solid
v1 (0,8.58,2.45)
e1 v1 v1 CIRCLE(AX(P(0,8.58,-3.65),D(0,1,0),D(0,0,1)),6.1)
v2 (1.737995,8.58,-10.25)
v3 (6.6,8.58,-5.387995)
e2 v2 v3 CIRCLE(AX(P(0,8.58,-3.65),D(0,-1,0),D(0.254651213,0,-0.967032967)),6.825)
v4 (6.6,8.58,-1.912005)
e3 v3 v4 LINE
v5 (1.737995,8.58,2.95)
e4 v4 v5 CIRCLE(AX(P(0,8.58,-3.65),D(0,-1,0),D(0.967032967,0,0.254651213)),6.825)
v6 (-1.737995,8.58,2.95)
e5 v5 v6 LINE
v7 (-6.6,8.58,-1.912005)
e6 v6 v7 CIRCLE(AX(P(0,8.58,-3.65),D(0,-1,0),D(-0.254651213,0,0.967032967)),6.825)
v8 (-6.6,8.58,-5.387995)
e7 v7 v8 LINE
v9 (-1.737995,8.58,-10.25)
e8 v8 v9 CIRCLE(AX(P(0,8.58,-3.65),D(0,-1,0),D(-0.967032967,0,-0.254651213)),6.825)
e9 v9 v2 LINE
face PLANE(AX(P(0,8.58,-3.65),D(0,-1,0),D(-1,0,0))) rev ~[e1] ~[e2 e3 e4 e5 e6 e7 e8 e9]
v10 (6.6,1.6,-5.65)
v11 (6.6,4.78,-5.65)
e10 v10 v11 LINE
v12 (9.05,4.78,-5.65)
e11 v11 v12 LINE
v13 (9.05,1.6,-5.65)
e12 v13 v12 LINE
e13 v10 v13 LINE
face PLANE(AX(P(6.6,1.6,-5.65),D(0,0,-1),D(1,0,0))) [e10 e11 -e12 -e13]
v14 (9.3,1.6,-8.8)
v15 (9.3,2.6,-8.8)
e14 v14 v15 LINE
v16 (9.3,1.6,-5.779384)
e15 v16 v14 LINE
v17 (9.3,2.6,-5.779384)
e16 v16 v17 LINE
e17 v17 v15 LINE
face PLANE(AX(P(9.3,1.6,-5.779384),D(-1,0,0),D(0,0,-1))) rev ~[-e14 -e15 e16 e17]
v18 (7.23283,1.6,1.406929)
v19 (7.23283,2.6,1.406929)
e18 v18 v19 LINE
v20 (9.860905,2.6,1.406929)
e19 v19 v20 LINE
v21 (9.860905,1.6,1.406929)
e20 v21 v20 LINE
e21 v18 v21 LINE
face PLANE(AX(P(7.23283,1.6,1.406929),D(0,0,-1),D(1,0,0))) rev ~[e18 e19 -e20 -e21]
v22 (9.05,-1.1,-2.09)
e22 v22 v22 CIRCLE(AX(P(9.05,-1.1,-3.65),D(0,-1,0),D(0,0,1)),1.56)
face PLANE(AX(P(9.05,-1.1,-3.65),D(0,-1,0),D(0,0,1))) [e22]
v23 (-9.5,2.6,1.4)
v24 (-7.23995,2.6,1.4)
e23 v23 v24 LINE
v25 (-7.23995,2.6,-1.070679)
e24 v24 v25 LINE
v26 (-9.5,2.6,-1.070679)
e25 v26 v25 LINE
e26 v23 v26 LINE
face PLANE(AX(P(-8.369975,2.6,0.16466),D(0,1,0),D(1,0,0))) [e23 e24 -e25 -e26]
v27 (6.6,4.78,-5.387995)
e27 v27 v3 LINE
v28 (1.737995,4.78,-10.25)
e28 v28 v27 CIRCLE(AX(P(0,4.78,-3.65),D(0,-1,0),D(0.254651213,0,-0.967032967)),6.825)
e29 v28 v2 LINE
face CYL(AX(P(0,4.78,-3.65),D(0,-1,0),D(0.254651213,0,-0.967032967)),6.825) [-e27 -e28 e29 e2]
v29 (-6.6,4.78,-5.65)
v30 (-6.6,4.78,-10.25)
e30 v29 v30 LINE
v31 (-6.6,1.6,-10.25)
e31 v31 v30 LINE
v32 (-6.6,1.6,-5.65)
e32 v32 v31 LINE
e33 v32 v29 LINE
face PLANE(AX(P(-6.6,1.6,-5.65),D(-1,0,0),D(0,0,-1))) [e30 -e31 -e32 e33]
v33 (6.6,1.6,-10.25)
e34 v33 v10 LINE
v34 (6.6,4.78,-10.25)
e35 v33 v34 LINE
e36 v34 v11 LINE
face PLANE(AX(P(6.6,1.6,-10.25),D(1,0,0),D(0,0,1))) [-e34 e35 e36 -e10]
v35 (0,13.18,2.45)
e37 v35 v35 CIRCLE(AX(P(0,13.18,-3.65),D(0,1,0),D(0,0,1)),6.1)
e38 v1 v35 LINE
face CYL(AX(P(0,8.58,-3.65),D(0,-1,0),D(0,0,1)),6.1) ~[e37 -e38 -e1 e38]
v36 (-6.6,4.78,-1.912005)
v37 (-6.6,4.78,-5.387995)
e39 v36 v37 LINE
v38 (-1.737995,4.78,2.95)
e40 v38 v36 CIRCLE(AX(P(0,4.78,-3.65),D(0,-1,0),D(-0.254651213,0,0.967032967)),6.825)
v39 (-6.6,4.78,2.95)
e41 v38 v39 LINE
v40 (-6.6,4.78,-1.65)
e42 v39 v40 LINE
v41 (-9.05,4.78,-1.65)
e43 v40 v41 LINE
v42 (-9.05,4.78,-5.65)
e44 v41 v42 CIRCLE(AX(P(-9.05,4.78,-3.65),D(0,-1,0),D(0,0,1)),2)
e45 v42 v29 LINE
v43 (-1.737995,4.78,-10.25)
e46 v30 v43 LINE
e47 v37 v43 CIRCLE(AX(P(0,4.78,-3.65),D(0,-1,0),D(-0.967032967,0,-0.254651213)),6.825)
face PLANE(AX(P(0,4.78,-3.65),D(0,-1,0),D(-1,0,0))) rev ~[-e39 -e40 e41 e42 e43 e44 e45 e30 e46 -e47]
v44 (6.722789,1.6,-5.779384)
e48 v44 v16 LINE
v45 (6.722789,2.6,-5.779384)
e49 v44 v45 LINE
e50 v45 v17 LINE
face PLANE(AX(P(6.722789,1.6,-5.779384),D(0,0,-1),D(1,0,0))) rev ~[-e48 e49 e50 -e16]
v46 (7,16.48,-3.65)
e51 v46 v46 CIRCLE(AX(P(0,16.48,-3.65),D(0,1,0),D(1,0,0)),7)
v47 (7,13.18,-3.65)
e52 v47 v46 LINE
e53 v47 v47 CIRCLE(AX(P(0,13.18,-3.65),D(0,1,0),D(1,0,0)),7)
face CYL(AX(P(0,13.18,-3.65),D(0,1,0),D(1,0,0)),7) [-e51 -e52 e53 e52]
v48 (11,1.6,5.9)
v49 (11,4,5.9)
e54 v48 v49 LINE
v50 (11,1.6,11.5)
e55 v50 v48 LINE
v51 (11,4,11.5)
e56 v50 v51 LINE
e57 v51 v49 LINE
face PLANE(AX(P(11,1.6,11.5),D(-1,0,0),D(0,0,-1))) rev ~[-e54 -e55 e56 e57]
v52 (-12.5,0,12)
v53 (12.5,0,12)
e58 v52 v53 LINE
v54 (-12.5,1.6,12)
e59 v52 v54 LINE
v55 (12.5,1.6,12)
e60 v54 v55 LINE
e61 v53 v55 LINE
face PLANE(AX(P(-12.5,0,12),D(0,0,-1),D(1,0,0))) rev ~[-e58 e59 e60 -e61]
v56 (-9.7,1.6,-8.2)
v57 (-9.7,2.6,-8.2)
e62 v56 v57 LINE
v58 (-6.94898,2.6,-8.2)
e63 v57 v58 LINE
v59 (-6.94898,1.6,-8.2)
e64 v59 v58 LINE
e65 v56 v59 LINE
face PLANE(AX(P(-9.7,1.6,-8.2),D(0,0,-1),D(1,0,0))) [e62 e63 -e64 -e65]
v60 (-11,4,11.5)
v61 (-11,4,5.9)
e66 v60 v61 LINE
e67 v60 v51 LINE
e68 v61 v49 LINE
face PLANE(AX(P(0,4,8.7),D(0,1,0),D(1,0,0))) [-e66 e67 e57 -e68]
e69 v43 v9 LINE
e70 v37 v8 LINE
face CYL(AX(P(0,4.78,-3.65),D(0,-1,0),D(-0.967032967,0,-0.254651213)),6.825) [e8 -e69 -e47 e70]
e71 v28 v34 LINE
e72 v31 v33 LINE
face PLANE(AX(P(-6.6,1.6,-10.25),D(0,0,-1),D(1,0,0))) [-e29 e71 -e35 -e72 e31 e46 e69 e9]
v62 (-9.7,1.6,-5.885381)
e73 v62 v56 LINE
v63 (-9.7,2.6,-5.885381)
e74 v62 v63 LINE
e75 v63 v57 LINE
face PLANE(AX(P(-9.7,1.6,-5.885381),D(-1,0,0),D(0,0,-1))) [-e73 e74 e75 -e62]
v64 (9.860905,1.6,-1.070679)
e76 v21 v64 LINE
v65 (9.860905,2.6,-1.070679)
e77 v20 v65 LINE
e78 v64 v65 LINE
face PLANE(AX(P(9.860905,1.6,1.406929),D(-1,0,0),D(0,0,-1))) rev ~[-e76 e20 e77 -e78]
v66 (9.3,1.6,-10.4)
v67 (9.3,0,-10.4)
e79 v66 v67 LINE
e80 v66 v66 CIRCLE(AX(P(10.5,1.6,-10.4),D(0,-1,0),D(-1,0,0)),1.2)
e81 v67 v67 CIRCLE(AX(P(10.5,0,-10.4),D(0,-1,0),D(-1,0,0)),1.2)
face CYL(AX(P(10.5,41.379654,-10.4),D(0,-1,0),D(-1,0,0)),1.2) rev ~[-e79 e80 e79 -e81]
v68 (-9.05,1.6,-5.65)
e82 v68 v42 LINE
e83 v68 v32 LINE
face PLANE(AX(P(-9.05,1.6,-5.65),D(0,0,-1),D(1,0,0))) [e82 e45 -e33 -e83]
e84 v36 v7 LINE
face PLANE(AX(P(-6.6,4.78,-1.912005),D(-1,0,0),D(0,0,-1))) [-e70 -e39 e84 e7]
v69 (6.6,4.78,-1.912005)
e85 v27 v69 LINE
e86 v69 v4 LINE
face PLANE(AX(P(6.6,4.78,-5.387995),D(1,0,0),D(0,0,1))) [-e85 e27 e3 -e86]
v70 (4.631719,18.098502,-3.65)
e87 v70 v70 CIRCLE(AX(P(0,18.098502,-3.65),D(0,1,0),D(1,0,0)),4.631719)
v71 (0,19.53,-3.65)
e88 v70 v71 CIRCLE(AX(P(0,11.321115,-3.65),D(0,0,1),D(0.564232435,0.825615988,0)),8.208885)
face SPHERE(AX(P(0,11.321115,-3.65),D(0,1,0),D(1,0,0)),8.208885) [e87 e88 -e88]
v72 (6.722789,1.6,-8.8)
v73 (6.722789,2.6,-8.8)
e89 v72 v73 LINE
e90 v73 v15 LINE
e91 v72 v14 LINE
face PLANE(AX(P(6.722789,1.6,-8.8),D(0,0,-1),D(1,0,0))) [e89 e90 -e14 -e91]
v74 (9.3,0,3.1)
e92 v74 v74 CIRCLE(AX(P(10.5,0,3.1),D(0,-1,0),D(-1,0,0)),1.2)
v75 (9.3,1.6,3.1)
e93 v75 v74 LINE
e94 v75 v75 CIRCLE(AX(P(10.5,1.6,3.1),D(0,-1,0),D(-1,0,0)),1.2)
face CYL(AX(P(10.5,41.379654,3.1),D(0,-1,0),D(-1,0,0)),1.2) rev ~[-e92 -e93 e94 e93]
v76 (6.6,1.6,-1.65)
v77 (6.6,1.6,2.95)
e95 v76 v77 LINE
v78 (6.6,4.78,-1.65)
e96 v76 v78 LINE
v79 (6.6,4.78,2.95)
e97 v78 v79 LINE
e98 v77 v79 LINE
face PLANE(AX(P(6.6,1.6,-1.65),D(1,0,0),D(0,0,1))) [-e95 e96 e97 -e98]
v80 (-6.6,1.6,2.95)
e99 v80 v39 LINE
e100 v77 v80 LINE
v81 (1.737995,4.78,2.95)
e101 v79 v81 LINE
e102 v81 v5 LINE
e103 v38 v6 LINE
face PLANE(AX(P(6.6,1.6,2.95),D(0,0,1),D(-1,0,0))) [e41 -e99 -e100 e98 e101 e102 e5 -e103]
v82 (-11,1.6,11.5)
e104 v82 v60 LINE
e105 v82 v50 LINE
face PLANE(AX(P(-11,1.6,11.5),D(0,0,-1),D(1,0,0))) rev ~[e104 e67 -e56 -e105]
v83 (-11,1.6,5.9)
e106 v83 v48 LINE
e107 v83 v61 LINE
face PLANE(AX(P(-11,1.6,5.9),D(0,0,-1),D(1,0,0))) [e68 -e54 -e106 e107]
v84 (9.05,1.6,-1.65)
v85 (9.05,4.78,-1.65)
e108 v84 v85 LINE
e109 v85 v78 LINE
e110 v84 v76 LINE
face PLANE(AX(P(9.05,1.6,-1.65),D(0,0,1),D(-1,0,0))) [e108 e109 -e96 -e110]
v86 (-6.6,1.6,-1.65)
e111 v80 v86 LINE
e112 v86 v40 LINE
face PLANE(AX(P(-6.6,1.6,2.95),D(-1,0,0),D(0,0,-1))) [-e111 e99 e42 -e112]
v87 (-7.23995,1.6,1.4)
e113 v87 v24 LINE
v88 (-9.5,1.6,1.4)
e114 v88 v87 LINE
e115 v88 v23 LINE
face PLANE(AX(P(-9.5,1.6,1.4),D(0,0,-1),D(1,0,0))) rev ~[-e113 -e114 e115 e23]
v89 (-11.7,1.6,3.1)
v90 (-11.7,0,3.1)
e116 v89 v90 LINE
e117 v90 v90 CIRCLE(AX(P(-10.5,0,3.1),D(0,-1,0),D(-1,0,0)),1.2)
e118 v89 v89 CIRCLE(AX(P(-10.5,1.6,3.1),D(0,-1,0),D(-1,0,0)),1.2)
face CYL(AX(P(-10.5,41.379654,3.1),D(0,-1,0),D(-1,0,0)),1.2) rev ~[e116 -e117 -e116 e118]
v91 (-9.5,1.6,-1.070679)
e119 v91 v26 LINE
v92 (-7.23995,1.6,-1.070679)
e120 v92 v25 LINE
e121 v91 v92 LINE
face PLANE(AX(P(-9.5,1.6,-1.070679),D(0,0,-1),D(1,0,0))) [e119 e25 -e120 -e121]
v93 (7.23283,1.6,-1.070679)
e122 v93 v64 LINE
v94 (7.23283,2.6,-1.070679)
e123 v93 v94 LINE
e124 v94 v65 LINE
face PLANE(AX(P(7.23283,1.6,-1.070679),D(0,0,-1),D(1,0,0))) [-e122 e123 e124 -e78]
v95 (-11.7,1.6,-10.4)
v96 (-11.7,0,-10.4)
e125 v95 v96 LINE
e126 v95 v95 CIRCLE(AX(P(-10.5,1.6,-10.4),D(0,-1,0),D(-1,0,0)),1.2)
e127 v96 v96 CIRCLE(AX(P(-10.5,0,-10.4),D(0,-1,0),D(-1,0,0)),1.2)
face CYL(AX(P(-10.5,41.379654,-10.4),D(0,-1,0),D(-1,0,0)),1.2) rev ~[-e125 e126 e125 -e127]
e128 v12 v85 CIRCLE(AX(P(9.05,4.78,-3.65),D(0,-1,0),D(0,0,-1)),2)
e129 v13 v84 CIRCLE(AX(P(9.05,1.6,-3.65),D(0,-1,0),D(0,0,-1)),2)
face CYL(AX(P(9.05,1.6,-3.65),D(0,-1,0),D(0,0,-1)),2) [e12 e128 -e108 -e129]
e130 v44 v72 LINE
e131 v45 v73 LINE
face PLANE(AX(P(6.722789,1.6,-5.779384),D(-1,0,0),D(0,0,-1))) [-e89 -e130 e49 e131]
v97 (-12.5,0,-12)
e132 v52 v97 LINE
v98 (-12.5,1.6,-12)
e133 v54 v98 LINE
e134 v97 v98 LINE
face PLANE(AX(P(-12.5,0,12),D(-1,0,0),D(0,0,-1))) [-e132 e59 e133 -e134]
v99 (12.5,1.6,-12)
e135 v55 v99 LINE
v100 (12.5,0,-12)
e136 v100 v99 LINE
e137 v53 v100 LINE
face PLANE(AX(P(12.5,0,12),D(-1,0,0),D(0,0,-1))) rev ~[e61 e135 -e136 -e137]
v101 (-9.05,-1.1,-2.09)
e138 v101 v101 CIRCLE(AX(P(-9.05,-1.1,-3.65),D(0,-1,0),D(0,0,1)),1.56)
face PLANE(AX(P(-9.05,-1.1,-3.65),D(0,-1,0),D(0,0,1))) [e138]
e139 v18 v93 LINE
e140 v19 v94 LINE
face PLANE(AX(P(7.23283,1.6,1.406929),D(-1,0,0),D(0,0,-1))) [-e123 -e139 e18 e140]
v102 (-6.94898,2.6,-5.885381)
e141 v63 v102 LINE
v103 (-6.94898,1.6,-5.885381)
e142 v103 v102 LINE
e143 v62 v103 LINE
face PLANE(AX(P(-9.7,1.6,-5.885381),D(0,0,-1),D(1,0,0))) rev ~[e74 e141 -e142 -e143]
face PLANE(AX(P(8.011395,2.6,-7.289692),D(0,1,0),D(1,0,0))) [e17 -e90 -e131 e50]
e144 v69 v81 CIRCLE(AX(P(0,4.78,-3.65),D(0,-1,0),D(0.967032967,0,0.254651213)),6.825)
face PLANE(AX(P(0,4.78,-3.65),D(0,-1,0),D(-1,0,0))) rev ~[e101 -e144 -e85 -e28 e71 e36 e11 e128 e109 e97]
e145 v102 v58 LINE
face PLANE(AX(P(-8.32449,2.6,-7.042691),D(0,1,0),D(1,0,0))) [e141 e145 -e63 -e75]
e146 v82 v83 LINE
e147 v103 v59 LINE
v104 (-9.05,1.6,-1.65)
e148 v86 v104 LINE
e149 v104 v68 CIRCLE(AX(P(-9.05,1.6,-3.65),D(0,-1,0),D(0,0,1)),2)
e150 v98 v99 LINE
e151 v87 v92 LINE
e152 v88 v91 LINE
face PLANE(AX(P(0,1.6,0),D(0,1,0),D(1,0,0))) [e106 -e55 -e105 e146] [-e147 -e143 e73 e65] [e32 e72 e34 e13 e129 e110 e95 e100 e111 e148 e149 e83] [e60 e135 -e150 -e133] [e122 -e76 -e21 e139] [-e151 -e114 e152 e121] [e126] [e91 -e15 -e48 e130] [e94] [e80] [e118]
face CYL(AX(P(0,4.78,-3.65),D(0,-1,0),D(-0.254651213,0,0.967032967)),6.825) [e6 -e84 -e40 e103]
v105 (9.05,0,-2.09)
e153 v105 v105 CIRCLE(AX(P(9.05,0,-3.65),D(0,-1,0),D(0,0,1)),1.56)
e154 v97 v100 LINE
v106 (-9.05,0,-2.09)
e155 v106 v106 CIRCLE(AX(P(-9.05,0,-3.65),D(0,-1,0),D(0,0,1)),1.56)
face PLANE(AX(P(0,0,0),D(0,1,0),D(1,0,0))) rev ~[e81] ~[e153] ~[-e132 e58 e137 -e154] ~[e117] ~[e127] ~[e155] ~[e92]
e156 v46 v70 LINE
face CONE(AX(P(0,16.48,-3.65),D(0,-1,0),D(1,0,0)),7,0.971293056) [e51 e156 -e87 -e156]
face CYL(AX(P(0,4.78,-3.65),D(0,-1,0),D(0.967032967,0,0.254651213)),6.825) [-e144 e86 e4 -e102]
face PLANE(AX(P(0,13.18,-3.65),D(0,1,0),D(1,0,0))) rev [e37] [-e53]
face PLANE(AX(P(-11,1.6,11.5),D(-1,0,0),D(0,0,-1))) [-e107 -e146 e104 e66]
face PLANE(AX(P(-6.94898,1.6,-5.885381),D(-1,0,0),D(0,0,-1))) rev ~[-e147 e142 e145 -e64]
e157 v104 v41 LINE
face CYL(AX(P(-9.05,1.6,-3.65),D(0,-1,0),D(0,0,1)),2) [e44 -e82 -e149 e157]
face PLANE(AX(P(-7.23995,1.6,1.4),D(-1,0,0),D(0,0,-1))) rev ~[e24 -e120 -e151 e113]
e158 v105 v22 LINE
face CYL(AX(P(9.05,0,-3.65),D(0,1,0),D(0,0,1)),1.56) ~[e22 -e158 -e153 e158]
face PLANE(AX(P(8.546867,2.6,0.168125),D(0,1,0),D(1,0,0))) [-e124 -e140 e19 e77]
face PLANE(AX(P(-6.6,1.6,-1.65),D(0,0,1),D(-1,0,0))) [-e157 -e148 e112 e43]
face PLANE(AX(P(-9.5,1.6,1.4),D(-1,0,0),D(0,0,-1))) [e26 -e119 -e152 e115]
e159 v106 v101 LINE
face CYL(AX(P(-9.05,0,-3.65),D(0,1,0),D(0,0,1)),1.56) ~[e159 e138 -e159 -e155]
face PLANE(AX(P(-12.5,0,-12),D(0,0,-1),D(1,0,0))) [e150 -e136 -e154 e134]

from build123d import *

# Parameters (mm, degrees)
ESQUISSE1_W        = 25
ESQUISSE1_H        = 24
BOSS_EXTRU_1_DEPTH = 1.6
BOSS_EXTRU_2_DEPTH = 3.18
BOSS_EXTRU_3_DEPTH = 3.8
ESQUISSE6_R        = 6.1
BOSS_EXTRU_4_DEPTH = 4.6
D_GAGEMENT_M21_D   = 2.4
ESQUISSE11_W       = 22
ESQUISSE11_H       = 5.6
BOSS_EXTRU_6_DEPTH = 2.4
ESQUISSE12_R       = 1.56
BOSS_EXTRU_7_DEPTH = 1.1
ESQUISSE13_W       = 2.577210691
ESQUISSE13_H       = 3.020616424
ESQUISSE13_W_2     = 2.628074632
ESQUISSE13_H_2     = 2.477608005
ESQUISSE13_W_3     = 2.260050421
ESQUISSE13_H_3     = 2.470679231
ESQUISSE13_W_4     = 2.751019587
ESQUISSE13_H_4     = 2.314618906
BOSS_EXTRU_8_DEPTH = 1


with BuildPart() as part:
    # Esquisse1 → Boss.-Extru.1 (new body)
    with BuildSketch(Plane(origin=(0, 0, 0), x_dir=(1, 0, 0), z_dir=(0, 1, 0))):
        Rectangle(ESQUISSE1_W, ESQUISSE1_H)
    extrude(amount=BOSS_EXTRU_1_DEPTH)

    # Esquisse4 → Boss.-Extru.2 (add)
    with BuildSketch(Plane(origin=(0, 1.6, 0), x_dir=(1, 0, 0), z_dir=(0, 1, 0))):
        with BuildLine():
            Line((6.6, 10.25), (6.6, 5.65))
            Line((6.6, 5.65), (9.05, 5.65))
            ThreePointArc((9.05, 5.65), (11.05, 3.65), (9.05, 1.65))
            Line((9.05, 1.65), (6.6, 1.65))
            Line((6.6, 1.65), (6.6, -2.95))
            Line((6.6, -2.95), (-6.6, -2.95))
            Line((-6.6, -2.95), (-6.6, 1.65))
            Line((-6.6, 1.65), (-9.05, 1.65))
            ThreePointArc((-9.05, 1.65), (-11.05, 3.65), (-9.05, 5.65))
            Line((-9.05, 5.65), (-6.6, 5.65))
            Line((-6.6, 5.65), (-6.6, 10.25))
            Line((-6.6, 10.25), (6.6, 10.25))
        make_face()
    extrude(amount=BOSS_EXTRU_2_DEPTH)

    # Esquisse5 → Boss.-Extru.3 (add)
    with BuildSketch(Plane(origin=(0, 4.78, 0), x_dir=(1, 0, 0), z_dir=(0, 1, 0))):
        with BuildLine():
            Line((-6.6, 1.912005466), (-6.6, 5.387994534))
            ThreePointArc((-6.6, 5.387994534), (-4.826003782, 8.476003782), (-1.737994534, 10.25))
            Line((-1.737994534, 10.25), (1.737994534, 10.25))
            ThreePointArc((1.737994534, 10.25), (4.826003782, 8.476003782), (6.6, 5.387994534))
            Line((6.6, 5.387994534), (6.6, 1.912005466))
            ThreePointArc((6.6, 1.912005466), (4.826003782, -1.176003782), (1.737994534, -2.95))
            Line((1.737994534, -2.95), (-1.737994534, -2.95))
            ThreePointArc((-1.737994534, -2.95), (-4.826003782, -1.176003782), (-6.6, 1.912005466))
        make_face()
    extrude(amount=BOSS_EXTRU_3_DEPTH)

    # Esquisse6 → Boss.-Extru.4 (add)
    with BuildSketch(Plane(origin=(0, 8.58, 0), x_dir=(1, 0, 0), z_dir=(0, 1, 0))):
        with Locations((0, 3.65)):
            Circle(ESQUISSE6_R)
    extrude(amount=BOSS_EXTRU_4_DEPTH)

    # Esquisse8 → Révolution1 (revolve)
    with BuildSketch(Plane.XY.offset(-3.65)):
        with BuildLine():
            Line((0, 13.18), (-7, 13.18))
            Line((-7, 13.18), (-7, 16.48))
            Line((-7, 16.48), (-4.631719117, 18.098501714))
            ThreePointArc((-4.631719117, 18.098501714), (-2.423943549, 19.163964644), (0, 19.53))
            Line((0, 19.53), (0, 13.18))
        make_face()
    revolve(axis=Axis((0, 13.18, -3.65), (0, 1, 0)))

    # Dégagement M21 (through all)
    with Locations(Plane(origin=(0, 1.6, 0), x_dir=(1, 0, 0), z_dir=(0, 1, 0))):
        with Locations((-10.5, 10.4), (10.5, 10.4), (10.5, -3.1), (-10.5, -3.1)):
            Hole(D_GAGEMENT_M21_D / 2)

    # Esquisse11 → Boss.-Extru.6 (add)
    with BuildSketch(Plane(origin=(0, 1.6, 0), x_dir=(1, 0, 0), z_dir=(0, 1, 0))):
        with Locations((0, -8.7)):
            Rectangle(ESQUISSE11_W, ESQUISSE11_H)
    extrude(amount=BOSS_EXTRU_6_DEPTH)

    # Esquisse12 → Boss.-Extru.7 (add)
    with BuildSketch(Plane.XZ):
        with Locations((-9.05, -3.65)):
            Circle(ESQUISSE12_R)
        with Locations((9.05, -3.65)):
            Circle(ESQUISSE12_R)
    extrude(amount=BOSS_EXTRU_7_DEPTH)

    # Esquisse13 → Boss.-Extru.8 (add)
    with BuildSketch(Plane(origin=(0, 1.6, 0), x_dir=(1, 0, 0), z_dir=(0, 1, 0))):
        with Locations((8.011394655, 7.289691788)):
            Rectangle(ESQUISSE13_W, ESQUISSE13_H)
        with Locations((8.546867327, -0.168124771)):
            Rectangle(ESQUISSE13_W_2, ESQUISSE13_H_2)
        with Locations((-8.36997479, -0.164660384)):
            Rectangle(ESQUISSE13_W_3, ESQUISSE13_H_3)
        with Locations((-8.324490207, 7.042690547)):
            Rectangle(ESQUISSE13_W_4, ESQUISSE13_H_4)
    extrude(amount=BOSS_EXTRU_8_DEPTH)


solid = part.part
